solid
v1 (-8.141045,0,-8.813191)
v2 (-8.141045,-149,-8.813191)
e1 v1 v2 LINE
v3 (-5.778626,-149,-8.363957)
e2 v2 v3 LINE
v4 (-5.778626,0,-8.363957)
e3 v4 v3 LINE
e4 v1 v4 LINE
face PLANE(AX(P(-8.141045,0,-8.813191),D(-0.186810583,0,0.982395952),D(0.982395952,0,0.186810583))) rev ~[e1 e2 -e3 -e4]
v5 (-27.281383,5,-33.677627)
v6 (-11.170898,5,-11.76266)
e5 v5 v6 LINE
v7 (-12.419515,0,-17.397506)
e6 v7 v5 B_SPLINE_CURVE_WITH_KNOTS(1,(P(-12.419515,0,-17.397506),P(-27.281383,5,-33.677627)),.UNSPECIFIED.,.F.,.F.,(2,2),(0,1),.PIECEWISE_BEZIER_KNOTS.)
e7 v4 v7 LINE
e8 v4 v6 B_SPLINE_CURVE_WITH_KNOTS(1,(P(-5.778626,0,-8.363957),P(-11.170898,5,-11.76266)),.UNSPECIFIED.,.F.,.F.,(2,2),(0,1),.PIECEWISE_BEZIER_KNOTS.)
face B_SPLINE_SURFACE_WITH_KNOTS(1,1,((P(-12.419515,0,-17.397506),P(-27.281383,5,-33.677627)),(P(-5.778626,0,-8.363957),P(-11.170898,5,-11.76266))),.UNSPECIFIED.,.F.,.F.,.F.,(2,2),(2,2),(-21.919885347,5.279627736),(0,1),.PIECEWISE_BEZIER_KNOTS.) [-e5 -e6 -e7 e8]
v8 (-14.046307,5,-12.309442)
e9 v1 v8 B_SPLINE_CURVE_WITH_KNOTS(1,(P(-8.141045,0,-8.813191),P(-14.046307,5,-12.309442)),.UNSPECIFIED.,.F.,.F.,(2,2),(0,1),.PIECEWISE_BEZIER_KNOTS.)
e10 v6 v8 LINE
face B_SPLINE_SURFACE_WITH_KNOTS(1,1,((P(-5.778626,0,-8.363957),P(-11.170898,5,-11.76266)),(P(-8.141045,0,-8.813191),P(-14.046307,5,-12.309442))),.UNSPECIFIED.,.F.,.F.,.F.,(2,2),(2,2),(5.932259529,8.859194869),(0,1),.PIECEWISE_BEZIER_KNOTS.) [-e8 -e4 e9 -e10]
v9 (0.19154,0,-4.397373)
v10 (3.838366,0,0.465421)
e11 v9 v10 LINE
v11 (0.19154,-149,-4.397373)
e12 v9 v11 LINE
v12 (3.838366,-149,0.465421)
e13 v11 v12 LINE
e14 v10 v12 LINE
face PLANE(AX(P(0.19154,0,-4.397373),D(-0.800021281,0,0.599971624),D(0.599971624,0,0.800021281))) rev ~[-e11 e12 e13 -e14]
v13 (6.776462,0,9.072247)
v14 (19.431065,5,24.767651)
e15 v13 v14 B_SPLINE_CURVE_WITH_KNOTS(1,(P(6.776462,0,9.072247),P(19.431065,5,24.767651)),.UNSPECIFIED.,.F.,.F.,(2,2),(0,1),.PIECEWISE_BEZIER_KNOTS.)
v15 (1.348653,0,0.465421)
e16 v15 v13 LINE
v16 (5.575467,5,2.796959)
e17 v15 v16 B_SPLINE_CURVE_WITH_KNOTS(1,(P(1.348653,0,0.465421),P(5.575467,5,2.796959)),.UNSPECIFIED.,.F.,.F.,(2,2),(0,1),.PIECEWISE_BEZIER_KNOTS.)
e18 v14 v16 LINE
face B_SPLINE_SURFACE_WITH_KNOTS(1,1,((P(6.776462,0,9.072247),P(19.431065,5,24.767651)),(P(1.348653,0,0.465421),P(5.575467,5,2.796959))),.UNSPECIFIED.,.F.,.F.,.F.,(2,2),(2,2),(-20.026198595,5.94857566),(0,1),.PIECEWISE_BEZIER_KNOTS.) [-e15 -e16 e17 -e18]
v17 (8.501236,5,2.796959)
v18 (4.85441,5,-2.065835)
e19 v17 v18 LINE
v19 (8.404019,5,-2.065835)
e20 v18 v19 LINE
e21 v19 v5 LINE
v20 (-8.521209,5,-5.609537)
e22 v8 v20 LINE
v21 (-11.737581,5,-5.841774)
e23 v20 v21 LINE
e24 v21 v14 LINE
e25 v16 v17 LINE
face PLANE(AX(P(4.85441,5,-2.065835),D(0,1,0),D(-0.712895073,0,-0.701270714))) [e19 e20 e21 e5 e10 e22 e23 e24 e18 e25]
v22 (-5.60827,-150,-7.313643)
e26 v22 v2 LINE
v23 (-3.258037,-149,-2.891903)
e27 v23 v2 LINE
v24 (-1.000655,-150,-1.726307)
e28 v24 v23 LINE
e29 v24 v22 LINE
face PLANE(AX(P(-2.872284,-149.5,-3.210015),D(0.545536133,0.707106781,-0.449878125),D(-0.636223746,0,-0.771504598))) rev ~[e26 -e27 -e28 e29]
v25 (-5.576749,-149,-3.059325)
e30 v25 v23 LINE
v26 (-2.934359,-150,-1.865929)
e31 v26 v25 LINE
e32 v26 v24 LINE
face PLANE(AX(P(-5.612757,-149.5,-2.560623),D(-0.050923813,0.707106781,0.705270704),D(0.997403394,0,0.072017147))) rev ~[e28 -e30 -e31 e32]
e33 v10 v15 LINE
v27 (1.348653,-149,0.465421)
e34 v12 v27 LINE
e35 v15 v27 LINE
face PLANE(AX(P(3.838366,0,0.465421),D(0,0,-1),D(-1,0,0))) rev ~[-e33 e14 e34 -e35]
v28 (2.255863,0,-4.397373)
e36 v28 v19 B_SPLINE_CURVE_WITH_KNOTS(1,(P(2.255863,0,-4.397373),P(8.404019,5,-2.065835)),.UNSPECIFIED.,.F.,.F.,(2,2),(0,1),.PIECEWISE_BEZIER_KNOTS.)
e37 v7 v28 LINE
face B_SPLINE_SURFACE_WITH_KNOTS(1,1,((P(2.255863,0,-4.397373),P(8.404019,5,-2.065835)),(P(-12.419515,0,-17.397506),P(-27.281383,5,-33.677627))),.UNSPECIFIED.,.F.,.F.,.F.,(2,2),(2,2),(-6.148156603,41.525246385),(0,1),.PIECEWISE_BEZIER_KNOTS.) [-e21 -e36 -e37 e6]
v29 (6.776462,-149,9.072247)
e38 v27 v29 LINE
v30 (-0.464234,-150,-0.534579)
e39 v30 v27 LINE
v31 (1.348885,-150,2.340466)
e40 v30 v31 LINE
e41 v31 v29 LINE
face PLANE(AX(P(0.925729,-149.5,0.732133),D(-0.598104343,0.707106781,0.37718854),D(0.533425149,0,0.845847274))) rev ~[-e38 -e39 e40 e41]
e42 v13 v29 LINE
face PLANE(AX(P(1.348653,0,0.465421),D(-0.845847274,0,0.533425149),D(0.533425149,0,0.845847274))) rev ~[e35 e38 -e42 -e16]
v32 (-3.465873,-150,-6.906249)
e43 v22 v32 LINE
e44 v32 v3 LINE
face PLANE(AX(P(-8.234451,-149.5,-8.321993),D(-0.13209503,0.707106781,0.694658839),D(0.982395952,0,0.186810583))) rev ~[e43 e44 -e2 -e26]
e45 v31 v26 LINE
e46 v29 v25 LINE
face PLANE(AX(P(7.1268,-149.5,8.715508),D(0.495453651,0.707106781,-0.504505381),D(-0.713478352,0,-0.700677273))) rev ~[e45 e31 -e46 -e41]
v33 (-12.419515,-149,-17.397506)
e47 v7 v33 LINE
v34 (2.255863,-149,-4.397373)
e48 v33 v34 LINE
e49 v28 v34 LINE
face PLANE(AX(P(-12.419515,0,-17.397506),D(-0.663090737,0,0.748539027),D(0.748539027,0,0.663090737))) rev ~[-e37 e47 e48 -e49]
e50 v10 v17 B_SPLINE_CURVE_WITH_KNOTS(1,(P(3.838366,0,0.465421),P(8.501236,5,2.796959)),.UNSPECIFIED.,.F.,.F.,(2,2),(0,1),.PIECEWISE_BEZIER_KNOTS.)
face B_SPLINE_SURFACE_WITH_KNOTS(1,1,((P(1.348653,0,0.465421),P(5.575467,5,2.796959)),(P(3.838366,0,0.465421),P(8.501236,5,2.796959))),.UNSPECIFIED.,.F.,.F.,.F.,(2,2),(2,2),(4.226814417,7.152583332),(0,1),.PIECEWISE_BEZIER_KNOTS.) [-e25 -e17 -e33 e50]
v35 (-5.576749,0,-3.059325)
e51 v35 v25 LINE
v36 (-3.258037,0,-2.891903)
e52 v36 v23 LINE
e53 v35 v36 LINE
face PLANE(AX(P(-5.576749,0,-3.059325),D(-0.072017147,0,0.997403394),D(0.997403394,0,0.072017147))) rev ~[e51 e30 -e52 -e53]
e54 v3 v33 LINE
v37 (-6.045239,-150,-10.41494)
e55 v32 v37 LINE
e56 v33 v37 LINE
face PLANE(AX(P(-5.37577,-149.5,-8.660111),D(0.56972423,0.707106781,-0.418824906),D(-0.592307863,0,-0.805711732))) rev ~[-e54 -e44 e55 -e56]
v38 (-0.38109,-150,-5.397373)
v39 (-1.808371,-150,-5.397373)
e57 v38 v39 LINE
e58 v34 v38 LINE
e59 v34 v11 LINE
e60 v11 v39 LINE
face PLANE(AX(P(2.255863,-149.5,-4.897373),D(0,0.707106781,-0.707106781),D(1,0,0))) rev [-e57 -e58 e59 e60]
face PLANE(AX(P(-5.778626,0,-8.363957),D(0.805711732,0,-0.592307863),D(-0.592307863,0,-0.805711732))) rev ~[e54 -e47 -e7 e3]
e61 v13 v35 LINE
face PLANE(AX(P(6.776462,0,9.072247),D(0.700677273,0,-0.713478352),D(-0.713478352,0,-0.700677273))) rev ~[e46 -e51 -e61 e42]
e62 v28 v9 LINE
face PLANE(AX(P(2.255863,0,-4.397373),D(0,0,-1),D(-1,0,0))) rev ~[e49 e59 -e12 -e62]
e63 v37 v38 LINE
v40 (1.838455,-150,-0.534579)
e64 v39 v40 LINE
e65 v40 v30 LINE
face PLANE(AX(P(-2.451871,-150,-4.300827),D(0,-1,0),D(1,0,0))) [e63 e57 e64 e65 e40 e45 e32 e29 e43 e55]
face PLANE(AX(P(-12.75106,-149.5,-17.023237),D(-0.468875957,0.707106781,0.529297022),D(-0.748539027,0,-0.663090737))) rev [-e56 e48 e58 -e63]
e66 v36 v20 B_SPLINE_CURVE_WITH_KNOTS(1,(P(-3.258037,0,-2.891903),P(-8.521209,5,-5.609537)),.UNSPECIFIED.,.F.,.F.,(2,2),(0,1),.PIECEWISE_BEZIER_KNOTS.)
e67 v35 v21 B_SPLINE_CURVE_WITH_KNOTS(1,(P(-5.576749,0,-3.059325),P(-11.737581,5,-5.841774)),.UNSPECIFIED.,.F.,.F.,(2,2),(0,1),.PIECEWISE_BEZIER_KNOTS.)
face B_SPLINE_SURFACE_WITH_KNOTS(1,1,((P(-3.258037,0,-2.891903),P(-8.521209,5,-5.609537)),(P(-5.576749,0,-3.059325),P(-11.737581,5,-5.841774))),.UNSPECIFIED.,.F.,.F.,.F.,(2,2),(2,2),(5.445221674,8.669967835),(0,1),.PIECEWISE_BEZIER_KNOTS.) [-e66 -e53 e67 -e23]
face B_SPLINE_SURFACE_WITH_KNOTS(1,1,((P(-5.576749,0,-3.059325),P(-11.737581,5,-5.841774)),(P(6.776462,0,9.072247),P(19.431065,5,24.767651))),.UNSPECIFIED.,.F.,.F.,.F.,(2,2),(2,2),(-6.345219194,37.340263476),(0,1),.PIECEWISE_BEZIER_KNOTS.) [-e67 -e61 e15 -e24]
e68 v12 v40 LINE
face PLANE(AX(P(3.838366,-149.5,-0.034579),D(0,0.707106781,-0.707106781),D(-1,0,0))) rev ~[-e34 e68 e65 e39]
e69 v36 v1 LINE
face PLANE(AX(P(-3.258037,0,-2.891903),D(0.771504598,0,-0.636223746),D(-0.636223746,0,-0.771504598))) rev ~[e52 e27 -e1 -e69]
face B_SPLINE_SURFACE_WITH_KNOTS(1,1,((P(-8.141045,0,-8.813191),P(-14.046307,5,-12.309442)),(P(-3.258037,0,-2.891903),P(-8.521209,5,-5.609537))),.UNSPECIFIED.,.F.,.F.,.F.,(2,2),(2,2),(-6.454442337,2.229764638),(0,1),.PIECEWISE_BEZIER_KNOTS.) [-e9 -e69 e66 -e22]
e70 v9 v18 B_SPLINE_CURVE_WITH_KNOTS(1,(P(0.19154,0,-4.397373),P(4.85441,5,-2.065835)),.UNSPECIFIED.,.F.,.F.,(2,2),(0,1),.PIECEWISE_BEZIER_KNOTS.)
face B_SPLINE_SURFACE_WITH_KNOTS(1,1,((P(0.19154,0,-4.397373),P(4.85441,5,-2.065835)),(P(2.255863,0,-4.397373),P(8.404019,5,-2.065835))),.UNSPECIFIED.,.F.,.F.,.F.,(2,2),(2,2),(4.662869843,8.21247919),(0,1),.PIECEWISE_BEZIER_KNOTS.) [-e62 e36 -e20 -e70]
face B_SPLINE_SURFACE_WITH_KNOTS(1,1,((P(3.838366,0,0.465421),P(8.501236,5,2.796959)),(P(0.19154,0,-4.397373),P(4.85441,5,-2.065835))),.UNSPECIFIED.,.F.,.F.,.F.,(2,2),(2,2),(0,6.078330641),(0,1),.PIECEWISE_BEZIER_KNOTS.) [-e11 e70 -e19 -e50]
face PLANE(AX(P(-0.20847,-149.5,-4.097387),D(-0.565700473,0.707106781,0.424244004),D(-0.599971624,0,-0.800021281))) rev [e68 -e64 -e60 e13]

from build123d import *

# Parameters (mm, degrees)
F1_DEPTH = 150
F2_DEPTH = 5
F2_TAPER = -25
F3_SIZE  = 1


with BuildPart() as f1:
    # F0 (on Front) → F1 (new body)
    with BuildSketch(Plane.XZ):
        Polygon((6.776461585, 9.0722467188), (-5.5767488922, -3.059325051), (-3.258036708, -2.8919032872), (-8.1410452514, -8.8131905165), (-5.7786260987, -8.3639572937), (-12.4195150821, -17.3975064051), (2.255862786, -4.3973731032), (0.1915401989, -4.3973731032), (3.8383661048, 0.4654207636), (1.3486526159, 0.4654207636), align=None)
    extrude(amount=F1_DEPTH)

    # F1_face (on face) → F2 (join)
    with BuildSketch(Plane(origin=(-2.1628477345, 0, -4.133992699), x_dir=(1, 0, 0), z_dir=(0, 1, 0))):
        Polygon((2.3543879334, 0.2633804043), (4.4187105205, 0.2633804043), (-10.2566673476, 13.2635137061), (-3.6157783642, 4.2299645948), (-5.9781975168, 4.6791978175), (-1.0951889734, -1.2420894118), (-3.4139011576, -1.074667648), (8.9393093195, -13.2062394177), (3.5115003504, -4.5994134625), (6.0012138393, -4.5994134625), align=None)
    extrude(amount=F2_DEPTH, taper=F2_TAPER)

    # F3
    f3_edges = [f1.edges().sort_by_distance(p)[0] for p in [
        (-5.081826, -150, -10.89744),
        (2.014953, -150, -1.965976),
        (1.223701, -150, -4.397373),
        (2.593509, -150, 0.465421),
        (4.062557, -150, 4.768834),
        (0.599856, -150, 3.006461),
        (-4.417393, -150, -2.975614),
        (-5.699541, -150, -5.852547),
        (-6.959836, -150, -8.588574),
        (-9.099071, -150, -12.880732),
    ]]
    chamfer(f3_edges, length=F3_SIZE)


solid = f1.part
